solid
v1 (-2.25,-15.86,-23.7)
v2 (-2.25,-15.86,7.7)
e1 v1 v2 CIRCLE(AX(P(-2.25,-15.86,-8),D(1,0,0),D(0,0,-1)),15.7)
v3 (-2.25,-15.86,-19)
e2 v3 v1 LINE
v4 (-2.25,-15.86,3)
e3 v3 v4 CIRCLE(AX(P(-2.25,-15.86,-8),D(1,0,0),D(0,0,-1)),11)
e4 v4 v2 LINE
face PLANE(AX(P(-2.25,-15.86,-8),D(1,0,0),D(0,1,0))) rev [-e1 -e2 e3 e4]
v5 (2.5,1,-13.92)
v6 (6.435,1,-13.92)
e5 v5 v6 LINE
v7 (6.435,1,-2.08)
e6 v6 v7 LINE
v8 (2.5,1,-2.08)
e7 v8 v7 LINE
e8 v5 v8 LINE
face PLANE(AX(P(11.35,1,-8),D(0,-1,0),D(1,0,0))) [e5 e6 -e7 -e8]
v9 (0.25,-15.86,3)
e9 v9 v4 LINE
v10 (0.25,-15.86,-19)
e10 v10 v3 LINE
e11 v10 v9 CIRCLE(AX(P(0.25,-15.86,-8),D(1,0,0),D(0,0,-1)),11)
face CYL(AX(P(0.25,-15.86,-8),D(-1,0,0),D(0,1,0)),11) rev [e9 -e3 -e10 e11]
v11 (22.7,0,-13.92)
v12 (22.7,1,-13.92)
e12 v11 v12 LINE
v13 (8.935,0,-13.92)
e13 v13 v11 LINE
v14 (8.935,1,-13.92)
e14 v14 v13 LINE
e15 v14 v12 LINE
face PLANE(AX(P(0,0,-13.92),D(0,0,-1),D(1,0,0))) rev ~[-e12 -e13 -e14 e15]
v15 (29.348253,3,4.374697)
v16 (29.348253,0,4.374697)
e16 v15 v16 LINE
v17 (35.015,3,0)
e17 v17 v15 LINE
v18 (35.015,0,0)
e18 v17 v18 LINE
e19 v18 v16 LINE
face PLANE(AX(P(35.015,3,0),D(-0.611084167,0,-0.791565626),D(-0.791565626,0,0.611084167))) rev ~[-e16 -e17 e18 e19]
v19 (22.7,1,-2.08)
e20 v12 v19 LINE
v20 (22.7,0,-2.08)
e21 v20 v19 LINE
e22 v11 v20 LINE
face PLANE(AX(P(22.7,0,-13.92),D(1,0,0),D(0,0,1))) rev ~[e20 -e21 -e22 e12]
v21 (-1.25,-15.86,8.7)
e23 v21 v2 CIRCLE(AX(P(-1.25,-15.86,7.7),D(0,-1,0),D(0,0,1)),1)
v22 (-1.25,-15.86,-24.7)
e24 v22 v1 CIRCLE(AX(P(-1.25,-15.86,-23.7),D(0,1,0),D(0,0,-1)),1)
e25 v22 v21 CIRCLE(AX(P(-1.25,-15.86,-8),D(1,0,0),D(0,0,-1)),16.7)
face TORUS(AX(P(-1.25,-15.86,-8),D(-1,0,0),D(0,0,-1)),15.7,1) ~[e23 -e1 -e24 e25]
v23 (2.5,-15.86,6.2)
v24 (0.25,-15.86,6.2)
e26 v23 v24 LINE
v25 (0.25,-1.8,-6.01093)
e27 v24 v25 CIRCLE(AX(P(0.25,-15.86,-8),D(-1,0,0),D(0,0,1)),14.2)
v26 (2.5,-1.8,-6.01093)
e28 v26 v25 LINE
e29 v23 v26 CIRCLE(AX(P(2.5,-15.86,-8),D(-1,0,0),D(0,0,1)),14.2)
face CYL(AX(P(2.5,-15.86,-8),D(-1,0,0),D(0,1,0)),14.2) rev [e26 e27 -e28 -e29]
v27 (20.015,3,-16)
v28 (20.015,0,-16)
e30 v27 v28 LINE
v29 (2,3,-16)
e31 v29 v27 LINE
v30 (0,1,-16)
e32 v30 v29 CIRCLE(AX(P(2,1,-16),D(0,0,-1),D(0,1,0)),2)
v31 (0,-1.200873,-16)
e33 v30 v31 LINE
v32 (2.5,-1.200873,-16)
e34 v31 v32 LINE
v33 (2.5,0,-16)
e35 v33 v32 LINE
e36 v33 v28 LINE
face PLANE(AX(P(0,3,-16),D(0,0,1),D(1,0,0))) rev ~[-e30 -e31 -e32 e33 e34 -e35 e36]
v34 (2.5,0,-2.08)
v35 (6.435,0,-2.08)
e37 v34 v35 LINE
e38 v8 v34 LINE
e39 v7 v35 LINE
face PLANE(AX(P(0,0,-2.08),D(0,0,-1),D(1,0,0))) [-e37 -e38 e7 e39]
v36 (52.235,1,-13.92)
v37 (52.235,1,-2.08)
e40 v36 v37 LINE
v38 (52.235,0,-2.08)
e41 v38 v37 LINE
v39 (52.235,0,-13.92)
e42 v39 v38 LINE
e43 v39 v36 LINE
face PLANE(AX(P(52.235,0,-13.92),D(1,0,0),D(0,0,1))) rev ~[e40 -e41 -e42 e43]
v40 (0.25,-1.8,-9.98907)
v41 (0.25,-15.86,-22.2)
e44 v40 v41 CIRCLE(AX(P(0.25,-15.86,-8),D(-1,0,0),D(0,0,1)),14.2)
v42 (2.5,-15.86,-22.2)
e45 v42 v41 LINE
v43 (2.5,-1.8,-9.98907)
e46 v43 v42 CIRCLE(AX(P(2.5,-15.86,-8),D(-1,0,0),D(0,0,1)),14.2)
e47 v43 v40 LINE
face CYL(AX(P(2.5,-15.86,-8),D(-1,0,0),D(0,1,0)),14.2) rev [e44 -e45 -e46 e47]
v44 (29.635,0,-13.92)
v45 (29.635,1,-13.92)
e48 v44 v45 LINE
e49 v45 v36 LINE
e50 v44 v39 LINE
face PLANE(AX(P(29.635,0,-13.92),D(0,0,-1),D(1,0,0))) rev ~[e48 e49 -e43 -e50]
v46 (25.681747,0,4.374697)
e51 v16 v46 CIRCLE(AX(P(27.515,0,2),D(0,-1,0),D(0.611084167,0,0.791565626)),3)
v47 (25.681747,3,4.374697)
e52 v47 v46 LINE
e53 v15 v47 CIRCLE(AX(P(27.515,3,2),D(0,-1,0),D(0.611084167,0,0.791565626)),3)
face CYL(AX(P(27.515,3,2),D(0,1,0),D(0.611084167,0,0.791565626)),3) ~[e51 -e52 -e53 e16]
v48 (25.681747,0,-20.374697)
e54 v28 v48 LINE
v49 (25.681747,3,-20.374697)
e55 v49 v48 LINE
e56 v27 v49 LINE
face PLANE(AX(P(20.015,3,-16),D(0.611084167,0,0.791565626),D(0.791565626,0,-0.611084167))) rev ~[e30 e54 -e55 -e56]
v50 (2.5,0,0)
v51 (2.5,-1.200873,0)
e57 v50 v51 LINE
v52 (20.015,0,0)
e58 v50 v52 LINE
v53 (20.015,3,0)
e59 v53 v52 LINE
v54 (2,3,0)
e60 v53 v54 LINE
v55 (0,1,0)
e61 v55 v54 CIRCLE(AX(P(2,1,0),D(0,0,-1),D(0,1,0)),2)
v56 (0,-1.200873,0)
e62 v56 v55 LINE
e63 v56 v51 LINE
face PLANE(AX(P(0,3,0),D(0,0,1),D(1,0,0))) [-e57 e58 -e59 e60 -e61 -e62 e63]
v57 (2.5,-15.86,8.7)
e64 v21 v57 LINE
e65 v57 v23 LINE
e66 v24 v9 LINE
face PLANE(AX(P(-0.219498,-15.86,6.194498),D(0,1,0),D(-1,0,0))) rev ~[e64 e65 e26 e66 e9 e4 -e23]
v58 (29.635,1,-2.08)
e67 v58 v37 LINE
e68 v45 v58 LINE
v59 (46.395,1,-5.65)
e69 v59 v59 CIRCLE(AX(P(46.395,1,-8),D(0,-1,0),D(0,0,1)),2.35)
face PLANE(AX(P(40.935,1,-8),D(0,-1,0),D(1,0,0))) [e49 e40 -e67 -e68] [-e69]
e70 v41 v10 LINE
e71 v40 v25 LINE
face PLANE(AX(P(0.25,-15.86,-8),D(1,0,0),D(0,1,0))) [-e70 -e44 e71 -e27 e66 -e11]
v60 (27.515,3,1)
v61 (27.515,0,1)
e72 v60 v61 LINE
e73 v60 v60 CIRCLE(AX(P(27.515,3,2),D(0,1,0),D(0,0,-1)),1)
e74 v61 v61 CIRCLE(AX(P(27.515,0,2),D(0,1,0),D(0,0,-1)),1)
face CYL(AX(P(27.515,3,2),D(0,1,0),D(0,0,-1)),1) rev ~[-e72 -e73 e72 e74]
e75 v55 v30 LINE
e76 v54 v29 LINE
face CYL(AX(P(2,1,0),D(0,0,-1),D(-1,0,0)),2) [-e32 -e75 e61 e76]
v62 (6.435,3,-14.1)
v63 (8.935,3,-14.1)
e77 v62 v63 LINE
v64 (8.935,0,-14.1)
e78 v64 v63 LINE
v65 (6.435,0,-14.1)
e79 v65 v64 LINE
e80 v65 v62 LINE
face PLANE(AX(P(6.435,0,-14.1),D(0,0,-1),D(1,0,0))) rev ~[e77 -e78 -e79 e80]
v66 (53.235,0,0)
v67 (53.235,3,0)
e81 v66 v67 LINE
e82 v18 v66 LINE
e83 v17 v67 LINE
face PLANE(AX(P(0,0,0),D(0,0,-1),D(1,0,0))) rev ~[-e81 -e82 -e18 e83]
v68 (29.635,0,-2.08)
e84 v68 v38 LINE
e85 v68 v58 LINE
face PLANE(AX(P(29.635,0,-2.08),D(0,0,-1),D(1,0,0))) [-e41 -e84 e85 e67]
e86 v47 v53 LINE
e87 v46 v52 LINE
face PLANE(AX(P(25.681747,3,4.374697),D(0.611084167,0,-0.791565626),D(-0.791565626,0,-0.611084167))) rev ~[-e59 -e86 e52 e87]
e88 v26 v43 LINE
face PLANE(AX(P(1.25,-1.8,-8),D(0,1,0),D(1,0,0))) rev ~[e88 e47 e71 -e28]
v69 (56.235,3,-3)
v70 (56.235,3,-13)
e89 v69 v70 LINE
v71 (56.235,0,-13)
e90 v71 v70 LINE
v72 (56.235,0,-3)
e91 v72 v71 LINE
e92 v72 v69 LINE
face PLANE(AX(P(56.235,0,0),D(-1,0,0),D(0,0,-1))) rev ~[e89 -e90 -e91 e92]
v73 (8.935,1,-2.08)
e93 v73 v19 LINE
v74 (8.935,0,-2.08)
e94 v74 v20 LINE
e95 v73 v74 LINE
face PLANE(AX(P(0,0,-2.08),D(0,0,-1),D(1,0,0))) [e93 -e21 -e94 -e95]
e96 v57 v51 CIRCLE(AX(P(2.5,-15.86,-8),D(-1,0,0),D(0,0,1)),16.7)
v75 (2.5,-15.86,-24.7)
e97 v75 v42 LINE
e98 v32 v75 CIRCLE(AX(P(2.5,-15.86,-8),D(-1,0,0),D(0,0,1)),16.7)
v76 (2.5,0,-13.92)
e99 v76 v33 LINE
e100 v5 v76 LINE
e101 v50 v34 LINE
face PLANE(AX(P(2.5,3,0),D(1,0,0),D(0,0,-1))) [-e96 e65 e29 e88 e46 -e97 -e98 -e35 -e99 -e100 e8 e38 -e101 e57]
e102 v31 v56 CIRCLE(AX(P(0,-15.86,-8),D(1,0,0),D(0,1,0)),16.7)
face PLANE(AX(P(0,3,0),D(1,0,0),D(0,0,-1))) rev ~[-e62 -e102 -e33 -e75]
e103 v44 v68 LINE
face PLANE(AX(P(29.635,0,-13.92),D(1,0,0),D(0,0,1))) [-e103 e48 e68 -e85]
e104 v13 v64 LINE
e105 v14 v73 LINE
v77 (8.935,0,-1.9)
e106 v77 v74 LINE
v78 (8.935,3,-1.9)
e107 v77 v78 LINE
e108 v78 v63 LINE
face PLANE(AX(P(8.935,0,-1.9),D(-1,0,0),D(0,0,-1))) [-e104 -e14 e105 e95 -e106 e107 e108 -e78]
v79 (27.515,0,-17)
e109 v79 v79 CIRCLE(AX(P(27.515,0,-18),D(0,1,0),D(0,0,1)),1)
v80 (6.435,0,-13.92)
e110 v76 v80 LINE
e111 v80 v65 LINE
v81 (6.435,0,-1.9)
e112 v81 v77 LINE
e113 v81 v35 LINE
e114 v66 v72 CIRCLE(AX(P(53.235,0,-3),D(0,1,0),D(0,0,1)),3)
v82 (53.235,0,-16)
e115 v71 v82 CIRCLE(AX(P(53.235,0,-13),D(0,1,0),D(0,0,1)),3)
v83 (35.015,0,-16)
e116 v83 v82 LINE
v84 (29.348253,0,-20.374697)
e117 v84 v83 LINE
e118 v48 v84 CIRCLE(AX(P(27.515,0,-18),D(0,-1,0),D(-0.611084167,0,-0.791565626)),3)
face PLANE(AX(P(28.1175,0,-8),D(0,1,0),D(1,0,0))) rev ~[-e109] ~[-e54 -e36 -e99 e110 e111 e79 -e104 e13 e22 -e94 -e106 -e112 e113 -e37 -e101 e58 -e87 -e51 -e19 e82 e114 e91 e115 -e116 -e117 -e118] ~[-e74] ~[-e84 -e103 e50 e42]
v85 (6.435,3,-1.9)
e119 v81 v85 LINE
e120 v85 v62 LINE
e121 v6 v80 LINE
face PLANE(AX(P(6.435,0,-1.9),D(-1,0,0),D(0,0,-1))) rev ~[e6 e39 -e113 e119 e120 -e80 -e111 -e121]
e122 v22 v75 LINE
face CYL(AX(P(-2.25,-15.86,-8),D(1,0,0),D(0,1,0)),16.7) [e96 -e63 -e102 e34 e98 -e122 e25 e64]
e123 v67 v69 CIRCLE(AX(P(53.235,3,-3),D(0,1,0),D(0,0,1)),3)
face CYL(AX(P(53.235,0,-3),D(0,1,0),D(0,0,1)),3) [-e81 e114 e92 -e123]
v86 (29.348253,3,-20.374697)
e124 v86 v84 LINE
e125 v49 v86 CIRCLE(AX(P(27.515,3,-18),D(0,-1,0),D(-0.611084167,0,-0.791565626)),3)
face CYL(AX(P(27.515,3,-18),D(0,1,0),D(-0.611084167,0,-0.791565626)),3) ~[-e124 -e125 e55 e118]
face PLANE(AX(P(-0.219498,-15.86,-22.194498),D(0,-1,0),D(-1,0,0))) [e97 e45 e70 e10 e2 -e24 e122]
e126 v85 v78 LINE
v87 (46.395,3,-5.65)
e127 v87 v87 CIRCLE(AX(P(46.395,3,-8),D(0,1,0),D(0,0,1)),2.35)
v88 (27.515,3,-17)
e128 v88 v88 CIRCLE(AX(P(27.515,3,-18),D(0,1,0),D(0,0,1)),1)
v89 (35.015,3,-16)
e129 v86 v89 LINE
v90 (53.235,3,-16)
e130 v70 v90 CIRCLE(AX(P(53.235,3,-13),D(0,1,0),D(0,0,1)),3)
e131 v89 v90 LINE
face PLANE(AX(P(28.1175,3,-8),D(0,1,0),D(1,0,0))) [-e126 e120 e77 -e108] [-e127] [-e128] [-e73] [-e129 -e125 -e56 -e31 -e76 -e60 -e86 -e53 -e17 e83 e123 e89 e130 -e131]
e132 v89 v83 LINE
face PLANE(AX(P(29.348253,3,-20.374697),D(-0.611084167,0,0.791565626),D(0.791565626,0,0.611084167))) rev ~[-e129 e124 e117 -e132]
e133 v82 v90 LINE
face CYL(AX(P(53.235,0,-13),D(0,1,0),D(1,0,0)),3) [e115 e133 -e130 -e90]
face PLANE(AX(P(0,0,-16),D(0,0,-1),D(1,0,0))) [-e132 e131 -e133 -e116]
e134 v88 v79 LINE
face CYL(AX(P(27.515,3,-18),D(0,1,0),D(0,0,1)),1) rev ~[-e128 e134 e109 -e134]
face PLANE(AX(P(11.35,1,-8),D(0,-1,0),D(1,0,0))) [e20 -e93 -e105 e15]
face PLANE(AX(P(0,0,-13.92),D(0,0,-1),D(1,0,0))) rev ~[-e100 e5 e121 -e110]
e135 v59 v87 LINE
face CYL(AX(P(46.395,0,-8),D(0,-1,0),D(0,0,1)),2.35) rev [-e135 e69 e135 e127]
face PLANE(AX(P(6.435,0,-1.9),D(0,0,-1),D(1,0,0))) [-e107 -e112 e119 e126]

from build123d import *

# Parameters (mm, degrees)
SKETCH1_W                   = 56.235
SKETCH1_H                   = 16
SKETCH1_R                   = 2.35
SKETCH1_W_2                 = 2.5
SKETCH1_H_2                 = 12.2
BOSS_EXTRUDE1_DEPTH         = 3
ESQUISSE3_W                 = 22.7
ESQUISSE3_H                 = 11.84
ESQUISSE3_W_2               = 22.6
ENL_V_MAT_EXTRU_1_DEPTH     = 1
ESQUISSE4_R                 = 1
BOSS_EXTRU_2_DEPTH          = 3
R_VOLUTION1_ANGLE           = 90
R_VOLUTION1_OTHER_WAY_ANGLE = 90
ESQUISSE6_W                 = 2.5
ESQUISSE6_H                 = 16
BOSS_EXTRU_3_DEPTH          = 4.8
CONG_1_R                    = 2
CONG_2_R                    = 3
CONG_3_R                    = 1


with BuildPart() as part:
    # Sketch1 → Boss-Extrude1 (new body)
    with BuildSketch(Plane(origin=(0, 0, 0), x_dir=(1, 0, 0), z_dir=(0, 1, 0))):
        with Locations((28.1175, 8)):
            Rectangle(SKETCH1_W, SKETCH1_H)
        with Locations(Location((46.395, 8, 0), (0, 0, 270))):
            Circle(SKETCH1_R, mode=Mode.SUBTRACT)
        with Locations((7.685, 8)):
            Rectangle(SKETCH1_W_2, SKETCH1_H_2, mode=Mode.SUBTRACT)
    extrude(amount=BOSS_EXTRUDE1_DEPTH)

    # Esquisse3 → Enlèv. mat.-Extru.1 (cut)
    with BuildSketch(Plane.XZ):
        with Locations((11.35, -8)):
            Rectangle(ESQUISSE3_W, ESQUISSE3_H)
        with Locations((40.935, -8)):
            Rectangle(ESQUISSE3_W_2, ESQUISSE3_H)
    extrude(amount=-ENL_V_MAT_EXTRU_1_DEPTH, mode=Mode.SUBTRACT)

    # Esquisse4 → Boss.-Extru.2 (add)
    # profile 1 of 2: a face of its own
    with BuildSketch(Plane(origin=(0, 3, 0), x_dir=(1, 0, 0), z_dir=(0, 1, 0))):
        with BuildLine():
            Line((20.015, 16), (25.681747499, 20.374696879))
            ThreePointArc((25.681747499, 20.374696879), (27.515, 21), (29.348252501, 20.374696879))
            Line((29.348252501, 20.374696879), (35.015, 16))
            Line((35.015, 16), (27.515, 16))
            Line((27.515, 16), (20.015, 16))
        make_face()
        with Locations(Location((27.515, 18, 0), (0, 0, 270))):
            Circle(ESQUISSE4_R, mode=Mode.SUBTRACT)
    # profile 2 of 2: a face of its own
    with BuildSketch(Plane(origin=(0, 3, 0), x_dir=(1, 0, 0), z_dir=(0, 1, 0))):
        with BuildLine():
            Line((27.515, 0), (35.015, 0))
            Line((35.015, 0), (29.348252501, -4.374696879))
            ThreePointArc((29.348252501, -4.374696879), (27.515, -5), (25.681747499, -4.374696879))
            Line((25.681747499, -4.374696879), (20.015, 0))
            Line((20.015, 0), (27.515, 0))
        make_face()
        with Locations(Location((27.515, -2, 0), (0, 0, 90))):
            Circle(ESQUISSE4_R, mode=Mode.SUBTRACT)
    extrude(amount=-BOSS_EXTRU_2_DEPTH)



with BuildPart() as body_2:
    # Esquisse5 → Révolution1 (revolve)
    with BuildSketch(Plane.XY.offset(-8)):
        Polygon((-2.25, 0.84), (2.5, 0.84), (2.5, -1.66), (0.25, -1.66), (0.25, -4.86), (-2.25, -4.86), align=None)
    revolve(axis=Axis((-14.237579535, -15.86, -8), (-1, 0, 0)), revolution_arc=R_VOLUTION1_ANGLE)

    # Esquisse5 → Révolution1 other way (revolve)
    with BuildSketch(Plane.XY.offset(-8)):
        Polygon((-2.25, 0.84), (2.5, 0.84), (2.5, -1.66), (0.25, -1.66), (0.25, -4.86), (-2.25, -4.86), align=None)
    revolve(axis=Axis((-14.237579535, -15.86, -8), (1, 0, 0)), revolution_arc=R_VOLUTION1_OTHER_WAY_ANGLE)


with BuildPart() as part_1:
    add(part.part)

    add(body_2.part)  # Boss.-Extru.3 merges body 2
    # Esquisse6 → Boss.-Extru.3 (add)
    with BuildSketch(Plane(origin=(0, 3, 0), x_dir=(1, 0, 0), z_dir=(0, 1, 0))):
        with Locations((1.25, 8)):
            Rectangle(ESQUISSE6_W, ESQUISSE6_H)
    extrude(amount=-BOSS_EXTRU_3_DEPTH)

    # Congé1
    cong_1_edges = [part_1.edges().sort_by_distance(p)[0] for p in [
        (0, 3, -8),
    ]]
    fillet(cong_1_edges, radius=CONG_1_R)

    # Congé2
    cong_2_edges = [part_1.edges().sort_by_distance(p)[0] for p in [
        (56.235, 1.5, -16),
        (56.235, 1.5, 0),
    ]]
    fillet(cong_2_edges, radius=CONG_2_R)

    # Congé3
    cong_3_edges = [part_1.edges().sort_by_distance(p)[0] for p in [
        (-2.25, 0.84, -8),
    ]]
    fillet(cong_3_edges, radius=CONG_3_R)


solid = part_1.part
